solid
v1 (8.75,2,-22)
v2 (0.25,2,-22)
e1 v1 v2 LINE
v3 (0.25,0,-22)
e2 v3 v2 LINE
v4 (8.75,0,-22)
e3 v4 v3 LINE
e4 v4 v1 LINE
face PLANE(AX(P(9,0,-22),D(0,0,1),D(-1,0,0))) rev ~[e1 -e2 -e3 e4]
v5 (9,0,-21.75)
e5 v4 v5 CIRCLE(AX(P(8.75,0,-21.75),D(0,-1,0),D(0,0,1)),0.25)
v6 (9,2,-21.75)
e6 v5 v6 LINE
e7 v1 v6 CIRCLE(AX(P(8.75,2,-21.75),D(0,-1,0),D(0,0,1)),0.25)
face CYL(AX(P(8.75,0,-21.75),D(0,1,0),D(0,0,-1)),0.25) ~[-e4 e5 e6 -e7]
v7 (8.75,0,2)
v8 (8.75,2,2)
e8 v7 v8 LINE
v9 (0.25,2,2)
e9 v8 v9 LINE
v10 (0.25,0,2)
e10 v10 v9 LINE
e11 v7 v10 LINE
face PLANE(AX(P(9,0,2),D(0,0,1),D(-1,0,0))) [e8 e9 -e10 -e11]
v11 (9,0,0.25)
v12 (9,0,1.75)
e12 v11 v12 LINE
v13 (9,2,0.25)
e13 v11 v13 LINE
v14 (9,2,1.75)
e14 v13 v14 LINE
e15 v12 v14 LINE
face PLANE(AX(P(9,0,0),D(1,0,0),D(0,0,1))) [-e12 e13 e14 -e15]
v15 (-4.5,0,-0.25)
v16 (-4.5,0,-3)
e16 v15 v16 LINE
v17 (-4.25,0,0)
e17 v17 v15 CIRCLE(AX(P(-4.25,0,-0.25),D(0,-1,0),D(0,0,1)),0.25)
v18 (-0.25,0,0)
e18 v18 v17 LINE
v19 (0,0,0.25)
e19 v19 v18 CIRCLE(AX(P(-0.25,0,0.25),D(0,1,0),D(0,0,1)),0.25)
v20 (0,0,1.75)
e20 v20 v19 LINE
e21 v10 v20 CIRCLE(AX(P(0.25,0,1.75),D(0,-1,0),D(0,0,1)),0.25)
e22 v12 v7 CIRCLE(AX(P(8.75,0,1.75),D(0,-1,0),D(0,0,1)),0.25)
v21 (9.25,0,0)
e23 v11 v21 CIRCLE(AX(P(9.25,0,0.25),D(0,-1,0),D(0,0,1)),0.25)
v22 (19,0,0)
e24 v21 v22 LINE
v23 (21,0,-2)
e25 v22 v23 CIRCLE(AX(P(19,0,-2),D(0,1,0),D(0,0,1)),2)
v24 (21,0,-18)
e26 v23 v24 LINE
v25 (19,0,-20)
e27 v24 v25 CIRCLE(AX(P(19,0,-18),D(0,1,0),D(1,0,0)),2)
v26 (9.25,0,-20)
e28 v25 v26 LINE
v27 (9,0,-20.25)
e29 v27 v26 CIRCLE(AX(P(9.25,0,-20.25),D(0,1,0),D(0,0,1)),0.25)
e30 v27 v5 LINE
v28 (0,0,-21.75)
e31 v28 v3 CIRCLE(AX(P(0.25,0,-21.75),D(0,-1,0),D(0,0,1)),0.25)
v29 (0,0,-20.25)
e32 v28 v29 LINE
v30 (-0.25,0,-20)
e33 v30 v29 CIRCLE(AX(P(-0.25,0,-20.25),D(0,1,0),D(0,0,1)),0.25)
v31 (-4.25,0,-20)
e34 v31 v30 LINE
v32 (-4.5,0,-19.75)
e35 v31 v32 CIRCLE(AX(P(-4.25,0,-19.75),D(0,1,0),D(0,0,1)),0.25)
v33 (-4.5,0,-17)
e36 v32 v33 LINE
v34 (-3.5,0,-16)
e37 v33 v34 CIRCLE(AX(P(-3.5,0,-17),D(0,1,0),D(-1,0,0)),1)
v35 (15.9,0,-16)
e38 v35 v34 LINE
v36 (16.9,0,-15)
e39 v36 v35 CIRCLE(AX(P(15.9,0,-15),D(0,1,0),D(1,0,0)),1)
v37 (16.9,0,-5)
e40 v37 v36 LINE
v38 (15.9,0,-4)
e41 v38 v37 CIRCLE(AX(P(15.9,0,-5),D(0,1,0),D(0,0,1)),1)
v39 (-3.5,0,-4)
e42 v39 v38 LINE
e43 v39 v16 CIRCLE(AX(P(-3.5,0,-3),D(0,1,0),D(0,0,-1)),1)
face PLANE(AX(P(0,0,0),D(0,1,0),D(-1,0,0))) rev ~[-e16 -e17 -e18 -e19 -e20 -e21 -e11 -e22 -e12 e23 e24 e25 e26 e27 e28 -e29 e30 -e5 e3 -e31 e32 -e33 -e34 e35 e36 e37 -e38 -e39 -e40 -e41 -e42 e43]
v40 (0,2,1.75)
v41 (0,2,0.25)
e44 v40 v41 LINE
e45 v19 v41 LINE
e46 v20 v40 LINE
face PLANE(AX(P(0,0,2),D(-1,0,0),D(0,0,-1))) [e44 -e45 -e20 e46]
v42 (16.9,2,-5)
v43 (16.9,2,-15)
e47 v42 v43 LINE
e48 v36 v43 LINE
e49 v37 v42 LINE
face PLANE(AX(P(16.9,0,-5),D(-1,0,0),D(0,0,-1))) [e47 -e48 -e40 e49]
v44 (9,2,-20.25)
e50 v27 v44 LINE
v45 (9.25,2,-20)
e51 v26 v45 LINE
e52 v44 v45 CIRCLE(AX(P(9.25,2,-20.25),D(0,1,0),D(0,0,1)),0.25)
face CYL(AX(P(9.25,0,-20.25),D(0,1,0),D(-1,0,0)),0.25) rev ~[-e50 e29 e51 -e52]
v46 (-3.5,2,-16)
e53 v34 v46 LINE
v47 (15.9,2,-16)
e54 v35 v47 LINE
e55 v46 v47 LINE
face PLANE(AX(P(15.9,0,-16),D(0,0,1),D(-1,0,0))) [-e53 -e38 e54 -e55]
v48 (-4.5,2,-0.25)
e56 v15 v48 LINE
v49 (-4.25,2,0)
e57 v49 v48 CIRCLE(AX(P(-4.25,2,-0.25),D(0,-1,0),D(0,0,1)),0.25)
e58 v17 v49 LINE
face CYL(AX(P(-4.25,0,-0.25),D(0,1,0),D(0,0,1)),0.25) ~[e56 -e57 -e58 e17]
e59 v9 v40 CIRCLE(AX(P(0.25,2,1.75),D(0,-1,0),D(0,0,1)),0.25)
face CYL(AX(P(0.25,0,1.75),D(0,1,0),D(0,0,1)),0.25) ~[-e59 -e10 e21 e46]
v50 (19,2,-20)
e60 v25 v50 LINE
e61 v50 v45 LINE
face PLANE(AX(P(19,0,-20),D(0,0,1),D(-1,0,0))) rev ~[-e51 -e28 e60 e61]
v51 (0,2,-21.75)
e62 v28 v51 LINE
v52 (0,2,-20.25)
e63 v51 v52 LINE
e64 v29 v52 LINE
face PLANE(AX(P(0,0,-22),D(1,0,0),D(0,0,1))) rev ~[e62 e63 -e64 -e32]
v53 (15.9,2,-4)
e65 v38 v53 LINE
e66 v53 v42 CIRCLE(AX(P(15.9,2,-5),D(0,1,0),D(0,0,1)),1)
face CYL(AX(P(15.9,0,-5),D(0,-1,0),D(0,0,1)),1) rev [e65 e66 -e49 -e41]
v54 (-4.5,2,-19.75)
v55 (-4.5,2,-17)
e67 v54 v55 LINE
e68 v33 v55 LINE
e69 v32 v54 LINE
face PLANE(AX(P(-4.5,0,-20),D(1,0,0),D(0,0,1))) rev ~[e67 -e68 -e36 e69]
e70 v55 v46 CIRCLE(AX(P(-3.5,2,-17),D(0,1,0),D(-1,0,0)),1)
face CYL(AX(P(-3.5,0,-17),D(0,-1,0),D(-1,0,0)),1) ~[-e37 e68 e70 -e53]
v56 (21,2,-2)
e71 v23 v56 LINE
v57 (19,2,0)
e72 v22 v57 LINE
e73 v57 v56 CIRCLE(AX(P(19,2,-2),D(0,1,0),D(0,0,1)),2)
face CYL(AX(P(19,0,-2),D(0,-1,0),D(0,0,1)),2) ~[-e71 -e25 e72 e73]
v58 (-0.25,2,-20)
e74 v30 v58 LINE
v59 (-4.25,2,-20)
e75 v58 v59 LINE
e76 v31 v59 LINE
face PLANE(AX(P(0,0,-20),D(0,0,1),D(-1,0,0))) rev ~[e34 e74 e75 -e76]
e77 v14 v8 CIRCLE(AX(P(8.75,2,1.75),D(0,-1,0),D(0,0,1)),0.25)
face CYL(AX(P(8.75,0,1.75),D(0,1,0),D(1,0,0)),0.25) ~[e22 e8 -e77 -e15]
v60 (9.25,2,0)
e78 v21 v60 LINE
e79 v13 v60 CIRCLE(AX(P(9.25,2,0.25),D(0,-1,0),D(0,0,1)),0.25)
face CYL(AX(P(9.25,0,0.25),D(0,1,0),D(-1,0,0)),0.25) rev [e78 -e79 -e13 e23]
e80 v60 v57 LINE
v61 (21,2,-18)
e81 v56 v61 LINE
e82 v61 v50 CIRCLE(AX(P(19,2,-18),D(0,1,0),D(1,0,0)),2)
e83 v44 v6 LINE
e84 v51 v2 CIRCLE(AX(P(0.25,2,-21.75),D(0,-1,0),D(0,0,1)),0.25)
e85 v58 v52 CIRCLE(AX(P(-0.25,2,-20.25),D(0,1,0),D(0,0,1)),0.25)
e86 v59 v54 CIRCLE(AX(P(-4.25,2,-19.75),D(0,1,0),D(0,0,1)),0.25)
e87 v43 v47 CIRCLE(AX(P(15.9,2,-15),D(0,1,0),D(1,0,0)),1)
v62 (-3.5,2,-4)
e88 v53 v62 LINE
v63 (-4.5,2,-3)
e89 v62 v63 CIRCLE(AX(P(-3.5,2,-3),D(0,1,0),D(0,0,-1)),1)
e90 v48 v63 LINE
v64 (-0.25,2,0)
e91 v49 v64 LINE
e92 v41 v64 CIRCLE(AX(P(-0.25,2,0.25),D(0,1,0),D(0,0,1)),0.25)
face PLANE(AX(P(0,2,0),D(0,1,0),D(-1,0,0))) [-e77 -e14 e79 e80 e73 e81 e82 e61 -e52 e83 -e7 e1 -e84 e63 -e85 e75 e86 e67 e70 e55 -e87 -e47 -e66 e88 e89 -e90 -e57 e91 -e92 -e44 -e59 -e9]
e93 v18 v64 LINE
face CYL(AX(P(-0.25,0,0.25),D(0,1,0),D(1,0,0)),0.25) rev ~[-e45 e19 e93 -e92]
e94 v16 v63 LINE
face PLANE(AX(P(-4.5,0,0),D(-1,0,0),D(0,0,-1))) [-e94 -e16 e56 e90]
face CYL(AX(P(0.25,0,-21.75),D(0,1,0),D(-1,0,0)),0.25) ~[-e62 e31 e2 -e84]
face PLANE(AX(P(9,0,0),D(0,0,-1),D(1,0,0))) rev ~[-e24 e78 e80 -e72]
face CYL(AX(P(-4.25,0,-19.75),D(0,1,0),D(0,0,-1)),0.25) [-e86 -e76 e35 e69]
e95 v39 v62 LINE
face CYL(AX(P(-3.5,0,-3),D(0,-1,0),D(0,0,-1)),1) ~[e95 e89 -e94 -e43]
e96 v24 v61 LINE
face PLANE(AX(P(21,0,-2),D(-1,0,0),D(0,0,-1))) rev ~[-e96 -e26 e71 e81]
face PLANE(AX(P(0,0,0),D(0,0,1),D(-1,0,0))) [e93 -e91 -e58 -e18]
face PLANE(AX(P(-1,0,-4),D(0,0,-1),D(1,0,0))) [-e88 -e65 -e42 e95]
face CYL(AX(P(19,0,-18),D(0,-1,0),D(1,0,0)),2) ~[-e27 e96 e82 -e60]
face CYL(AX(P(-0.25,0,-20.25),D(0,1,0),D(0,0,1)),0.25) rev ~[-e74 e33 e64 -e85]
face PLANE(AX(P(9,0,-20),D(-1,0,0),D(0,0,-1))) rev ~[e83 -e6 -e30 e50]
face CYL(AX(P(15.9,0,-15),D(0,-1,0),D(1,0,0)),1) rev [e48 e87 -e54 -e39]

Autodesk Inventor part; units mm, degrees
ref_plane "YZ Plane" through (0, 0, 0) normal (1, 0, 0) x (0, 1, 0)
ref_plane "XZ Plane" through (0, 0, 0) normal (0, 1, 0) x (-1, 0, 0)
ref_plane "XY Plane" through (0, 0, 0) normal (0, 0, 1) x (1, 0, 0)
sketch "Sketch1" plane through (0, 0, 0) normal (0, 1, 0) x (-1, 0, 0)
  line L0 (-9, 0) -> (-19, 0)
  line L1 (-21, -2) -> (-21, -18)
  line L2 (-19, -20) -> (-9, -20)
  line L3 (0, -20) -> (2, -20)
  line L4 (0, 0) -> (2, 0)
  line L5 (-9, 0) -> (-9, 2)
  line L6 (-9, 2) -> (0, 2)
  line L7 (0, 2) -> (0, 0)
  line L8 (-9, -20) -> (-9, -22)
  line L9 (-9, -22) -> (0, -22)
  line L10 (0, -22) -> (0, -20)
  line L11 (2, 0) -> (2, -3)
  line L12 (1, -4) -> (-15.9, -4)
  line L13 (-16.9, -5) -> (-16.9, -15)
  line L14 (-15.9, -16) -> (1, -16)
  line L15 (2, -17) -> (2, -20)
  arc A0 (1, -4) -> (2, -3) centre (1, -3) ccw
  arc A1 (2, -17) -> (1, -16) centre (1, -17) ccw
  arc A2 (-15.9, -4) -> (-16.9, -5) centre (-15.9, -5) ccw
  arc A3 (-16.9, -15) -> (-15.9, -16) centre (-15.9, -15) ccw
  arc A4 (-21, -18) -> (-19, -20) centre (-19, -18) ccw
  arc A5 (-19, 0) -> (-21, -2) centre (-19, -2) ccw
  line L16 (2, 0) -> (4.5, 0)
  line L17 (4.5, 0) -> (4.5, -3)
  line L18 (3.5, -4) -> (1, -4)
  line L19 (2, -20) -> (4.5, -20)
  line L20 (4.5, -20) -> (4.5, -17)
  line L21 (3.5, -16) -> (1, -16)
  arc A6 (3.5, -4) -> (4.5, -3) centre (3.5, -3) ccw
  arc A7 (4.5, -17) -> (3.5, -16) centre (3.5, -17) ccw
  point P0 (-21, 0)
  point P1 (-21, -20)
  point P2 (2, -4)
  point P3 (-16.9, -4)
  point P4 (-16.9, -16)
  point P5 (2, -16)
  point P6 (4.5, -16)
  dimension "d1" = 12
  dimension "d5" = 2
  dimension "d6" = 2
  dimension "d7" = 2
  dimension "d8" = 2
  dimension "d9" = 4
  dimension "d11" = 12
  dimension "d12" = 9
  dimension "d13" = 9
  dimension "d14" = 1
  dimension "d17" = 18.9
  dimension "d18" = 20
  dimension "d19" = 2
  dimension "d20" = 2.5
  dimension "d21" = 1
extrude "Extrusion1" add sketch "Sketch1" along normal blind 2
fillet "Fillet1" radius 0.25 10 edges at (9, 1, 0) (9, 1, 2) (0, 1, 2) (0, 1, 0) (9, 1, -20) (9, 1, -22) (0, 1, -22) (0, 1, -20) (-4.5, 1, 0) (-4.5, 1, -20)
properties part number "Laser-Slot-Endstop"
